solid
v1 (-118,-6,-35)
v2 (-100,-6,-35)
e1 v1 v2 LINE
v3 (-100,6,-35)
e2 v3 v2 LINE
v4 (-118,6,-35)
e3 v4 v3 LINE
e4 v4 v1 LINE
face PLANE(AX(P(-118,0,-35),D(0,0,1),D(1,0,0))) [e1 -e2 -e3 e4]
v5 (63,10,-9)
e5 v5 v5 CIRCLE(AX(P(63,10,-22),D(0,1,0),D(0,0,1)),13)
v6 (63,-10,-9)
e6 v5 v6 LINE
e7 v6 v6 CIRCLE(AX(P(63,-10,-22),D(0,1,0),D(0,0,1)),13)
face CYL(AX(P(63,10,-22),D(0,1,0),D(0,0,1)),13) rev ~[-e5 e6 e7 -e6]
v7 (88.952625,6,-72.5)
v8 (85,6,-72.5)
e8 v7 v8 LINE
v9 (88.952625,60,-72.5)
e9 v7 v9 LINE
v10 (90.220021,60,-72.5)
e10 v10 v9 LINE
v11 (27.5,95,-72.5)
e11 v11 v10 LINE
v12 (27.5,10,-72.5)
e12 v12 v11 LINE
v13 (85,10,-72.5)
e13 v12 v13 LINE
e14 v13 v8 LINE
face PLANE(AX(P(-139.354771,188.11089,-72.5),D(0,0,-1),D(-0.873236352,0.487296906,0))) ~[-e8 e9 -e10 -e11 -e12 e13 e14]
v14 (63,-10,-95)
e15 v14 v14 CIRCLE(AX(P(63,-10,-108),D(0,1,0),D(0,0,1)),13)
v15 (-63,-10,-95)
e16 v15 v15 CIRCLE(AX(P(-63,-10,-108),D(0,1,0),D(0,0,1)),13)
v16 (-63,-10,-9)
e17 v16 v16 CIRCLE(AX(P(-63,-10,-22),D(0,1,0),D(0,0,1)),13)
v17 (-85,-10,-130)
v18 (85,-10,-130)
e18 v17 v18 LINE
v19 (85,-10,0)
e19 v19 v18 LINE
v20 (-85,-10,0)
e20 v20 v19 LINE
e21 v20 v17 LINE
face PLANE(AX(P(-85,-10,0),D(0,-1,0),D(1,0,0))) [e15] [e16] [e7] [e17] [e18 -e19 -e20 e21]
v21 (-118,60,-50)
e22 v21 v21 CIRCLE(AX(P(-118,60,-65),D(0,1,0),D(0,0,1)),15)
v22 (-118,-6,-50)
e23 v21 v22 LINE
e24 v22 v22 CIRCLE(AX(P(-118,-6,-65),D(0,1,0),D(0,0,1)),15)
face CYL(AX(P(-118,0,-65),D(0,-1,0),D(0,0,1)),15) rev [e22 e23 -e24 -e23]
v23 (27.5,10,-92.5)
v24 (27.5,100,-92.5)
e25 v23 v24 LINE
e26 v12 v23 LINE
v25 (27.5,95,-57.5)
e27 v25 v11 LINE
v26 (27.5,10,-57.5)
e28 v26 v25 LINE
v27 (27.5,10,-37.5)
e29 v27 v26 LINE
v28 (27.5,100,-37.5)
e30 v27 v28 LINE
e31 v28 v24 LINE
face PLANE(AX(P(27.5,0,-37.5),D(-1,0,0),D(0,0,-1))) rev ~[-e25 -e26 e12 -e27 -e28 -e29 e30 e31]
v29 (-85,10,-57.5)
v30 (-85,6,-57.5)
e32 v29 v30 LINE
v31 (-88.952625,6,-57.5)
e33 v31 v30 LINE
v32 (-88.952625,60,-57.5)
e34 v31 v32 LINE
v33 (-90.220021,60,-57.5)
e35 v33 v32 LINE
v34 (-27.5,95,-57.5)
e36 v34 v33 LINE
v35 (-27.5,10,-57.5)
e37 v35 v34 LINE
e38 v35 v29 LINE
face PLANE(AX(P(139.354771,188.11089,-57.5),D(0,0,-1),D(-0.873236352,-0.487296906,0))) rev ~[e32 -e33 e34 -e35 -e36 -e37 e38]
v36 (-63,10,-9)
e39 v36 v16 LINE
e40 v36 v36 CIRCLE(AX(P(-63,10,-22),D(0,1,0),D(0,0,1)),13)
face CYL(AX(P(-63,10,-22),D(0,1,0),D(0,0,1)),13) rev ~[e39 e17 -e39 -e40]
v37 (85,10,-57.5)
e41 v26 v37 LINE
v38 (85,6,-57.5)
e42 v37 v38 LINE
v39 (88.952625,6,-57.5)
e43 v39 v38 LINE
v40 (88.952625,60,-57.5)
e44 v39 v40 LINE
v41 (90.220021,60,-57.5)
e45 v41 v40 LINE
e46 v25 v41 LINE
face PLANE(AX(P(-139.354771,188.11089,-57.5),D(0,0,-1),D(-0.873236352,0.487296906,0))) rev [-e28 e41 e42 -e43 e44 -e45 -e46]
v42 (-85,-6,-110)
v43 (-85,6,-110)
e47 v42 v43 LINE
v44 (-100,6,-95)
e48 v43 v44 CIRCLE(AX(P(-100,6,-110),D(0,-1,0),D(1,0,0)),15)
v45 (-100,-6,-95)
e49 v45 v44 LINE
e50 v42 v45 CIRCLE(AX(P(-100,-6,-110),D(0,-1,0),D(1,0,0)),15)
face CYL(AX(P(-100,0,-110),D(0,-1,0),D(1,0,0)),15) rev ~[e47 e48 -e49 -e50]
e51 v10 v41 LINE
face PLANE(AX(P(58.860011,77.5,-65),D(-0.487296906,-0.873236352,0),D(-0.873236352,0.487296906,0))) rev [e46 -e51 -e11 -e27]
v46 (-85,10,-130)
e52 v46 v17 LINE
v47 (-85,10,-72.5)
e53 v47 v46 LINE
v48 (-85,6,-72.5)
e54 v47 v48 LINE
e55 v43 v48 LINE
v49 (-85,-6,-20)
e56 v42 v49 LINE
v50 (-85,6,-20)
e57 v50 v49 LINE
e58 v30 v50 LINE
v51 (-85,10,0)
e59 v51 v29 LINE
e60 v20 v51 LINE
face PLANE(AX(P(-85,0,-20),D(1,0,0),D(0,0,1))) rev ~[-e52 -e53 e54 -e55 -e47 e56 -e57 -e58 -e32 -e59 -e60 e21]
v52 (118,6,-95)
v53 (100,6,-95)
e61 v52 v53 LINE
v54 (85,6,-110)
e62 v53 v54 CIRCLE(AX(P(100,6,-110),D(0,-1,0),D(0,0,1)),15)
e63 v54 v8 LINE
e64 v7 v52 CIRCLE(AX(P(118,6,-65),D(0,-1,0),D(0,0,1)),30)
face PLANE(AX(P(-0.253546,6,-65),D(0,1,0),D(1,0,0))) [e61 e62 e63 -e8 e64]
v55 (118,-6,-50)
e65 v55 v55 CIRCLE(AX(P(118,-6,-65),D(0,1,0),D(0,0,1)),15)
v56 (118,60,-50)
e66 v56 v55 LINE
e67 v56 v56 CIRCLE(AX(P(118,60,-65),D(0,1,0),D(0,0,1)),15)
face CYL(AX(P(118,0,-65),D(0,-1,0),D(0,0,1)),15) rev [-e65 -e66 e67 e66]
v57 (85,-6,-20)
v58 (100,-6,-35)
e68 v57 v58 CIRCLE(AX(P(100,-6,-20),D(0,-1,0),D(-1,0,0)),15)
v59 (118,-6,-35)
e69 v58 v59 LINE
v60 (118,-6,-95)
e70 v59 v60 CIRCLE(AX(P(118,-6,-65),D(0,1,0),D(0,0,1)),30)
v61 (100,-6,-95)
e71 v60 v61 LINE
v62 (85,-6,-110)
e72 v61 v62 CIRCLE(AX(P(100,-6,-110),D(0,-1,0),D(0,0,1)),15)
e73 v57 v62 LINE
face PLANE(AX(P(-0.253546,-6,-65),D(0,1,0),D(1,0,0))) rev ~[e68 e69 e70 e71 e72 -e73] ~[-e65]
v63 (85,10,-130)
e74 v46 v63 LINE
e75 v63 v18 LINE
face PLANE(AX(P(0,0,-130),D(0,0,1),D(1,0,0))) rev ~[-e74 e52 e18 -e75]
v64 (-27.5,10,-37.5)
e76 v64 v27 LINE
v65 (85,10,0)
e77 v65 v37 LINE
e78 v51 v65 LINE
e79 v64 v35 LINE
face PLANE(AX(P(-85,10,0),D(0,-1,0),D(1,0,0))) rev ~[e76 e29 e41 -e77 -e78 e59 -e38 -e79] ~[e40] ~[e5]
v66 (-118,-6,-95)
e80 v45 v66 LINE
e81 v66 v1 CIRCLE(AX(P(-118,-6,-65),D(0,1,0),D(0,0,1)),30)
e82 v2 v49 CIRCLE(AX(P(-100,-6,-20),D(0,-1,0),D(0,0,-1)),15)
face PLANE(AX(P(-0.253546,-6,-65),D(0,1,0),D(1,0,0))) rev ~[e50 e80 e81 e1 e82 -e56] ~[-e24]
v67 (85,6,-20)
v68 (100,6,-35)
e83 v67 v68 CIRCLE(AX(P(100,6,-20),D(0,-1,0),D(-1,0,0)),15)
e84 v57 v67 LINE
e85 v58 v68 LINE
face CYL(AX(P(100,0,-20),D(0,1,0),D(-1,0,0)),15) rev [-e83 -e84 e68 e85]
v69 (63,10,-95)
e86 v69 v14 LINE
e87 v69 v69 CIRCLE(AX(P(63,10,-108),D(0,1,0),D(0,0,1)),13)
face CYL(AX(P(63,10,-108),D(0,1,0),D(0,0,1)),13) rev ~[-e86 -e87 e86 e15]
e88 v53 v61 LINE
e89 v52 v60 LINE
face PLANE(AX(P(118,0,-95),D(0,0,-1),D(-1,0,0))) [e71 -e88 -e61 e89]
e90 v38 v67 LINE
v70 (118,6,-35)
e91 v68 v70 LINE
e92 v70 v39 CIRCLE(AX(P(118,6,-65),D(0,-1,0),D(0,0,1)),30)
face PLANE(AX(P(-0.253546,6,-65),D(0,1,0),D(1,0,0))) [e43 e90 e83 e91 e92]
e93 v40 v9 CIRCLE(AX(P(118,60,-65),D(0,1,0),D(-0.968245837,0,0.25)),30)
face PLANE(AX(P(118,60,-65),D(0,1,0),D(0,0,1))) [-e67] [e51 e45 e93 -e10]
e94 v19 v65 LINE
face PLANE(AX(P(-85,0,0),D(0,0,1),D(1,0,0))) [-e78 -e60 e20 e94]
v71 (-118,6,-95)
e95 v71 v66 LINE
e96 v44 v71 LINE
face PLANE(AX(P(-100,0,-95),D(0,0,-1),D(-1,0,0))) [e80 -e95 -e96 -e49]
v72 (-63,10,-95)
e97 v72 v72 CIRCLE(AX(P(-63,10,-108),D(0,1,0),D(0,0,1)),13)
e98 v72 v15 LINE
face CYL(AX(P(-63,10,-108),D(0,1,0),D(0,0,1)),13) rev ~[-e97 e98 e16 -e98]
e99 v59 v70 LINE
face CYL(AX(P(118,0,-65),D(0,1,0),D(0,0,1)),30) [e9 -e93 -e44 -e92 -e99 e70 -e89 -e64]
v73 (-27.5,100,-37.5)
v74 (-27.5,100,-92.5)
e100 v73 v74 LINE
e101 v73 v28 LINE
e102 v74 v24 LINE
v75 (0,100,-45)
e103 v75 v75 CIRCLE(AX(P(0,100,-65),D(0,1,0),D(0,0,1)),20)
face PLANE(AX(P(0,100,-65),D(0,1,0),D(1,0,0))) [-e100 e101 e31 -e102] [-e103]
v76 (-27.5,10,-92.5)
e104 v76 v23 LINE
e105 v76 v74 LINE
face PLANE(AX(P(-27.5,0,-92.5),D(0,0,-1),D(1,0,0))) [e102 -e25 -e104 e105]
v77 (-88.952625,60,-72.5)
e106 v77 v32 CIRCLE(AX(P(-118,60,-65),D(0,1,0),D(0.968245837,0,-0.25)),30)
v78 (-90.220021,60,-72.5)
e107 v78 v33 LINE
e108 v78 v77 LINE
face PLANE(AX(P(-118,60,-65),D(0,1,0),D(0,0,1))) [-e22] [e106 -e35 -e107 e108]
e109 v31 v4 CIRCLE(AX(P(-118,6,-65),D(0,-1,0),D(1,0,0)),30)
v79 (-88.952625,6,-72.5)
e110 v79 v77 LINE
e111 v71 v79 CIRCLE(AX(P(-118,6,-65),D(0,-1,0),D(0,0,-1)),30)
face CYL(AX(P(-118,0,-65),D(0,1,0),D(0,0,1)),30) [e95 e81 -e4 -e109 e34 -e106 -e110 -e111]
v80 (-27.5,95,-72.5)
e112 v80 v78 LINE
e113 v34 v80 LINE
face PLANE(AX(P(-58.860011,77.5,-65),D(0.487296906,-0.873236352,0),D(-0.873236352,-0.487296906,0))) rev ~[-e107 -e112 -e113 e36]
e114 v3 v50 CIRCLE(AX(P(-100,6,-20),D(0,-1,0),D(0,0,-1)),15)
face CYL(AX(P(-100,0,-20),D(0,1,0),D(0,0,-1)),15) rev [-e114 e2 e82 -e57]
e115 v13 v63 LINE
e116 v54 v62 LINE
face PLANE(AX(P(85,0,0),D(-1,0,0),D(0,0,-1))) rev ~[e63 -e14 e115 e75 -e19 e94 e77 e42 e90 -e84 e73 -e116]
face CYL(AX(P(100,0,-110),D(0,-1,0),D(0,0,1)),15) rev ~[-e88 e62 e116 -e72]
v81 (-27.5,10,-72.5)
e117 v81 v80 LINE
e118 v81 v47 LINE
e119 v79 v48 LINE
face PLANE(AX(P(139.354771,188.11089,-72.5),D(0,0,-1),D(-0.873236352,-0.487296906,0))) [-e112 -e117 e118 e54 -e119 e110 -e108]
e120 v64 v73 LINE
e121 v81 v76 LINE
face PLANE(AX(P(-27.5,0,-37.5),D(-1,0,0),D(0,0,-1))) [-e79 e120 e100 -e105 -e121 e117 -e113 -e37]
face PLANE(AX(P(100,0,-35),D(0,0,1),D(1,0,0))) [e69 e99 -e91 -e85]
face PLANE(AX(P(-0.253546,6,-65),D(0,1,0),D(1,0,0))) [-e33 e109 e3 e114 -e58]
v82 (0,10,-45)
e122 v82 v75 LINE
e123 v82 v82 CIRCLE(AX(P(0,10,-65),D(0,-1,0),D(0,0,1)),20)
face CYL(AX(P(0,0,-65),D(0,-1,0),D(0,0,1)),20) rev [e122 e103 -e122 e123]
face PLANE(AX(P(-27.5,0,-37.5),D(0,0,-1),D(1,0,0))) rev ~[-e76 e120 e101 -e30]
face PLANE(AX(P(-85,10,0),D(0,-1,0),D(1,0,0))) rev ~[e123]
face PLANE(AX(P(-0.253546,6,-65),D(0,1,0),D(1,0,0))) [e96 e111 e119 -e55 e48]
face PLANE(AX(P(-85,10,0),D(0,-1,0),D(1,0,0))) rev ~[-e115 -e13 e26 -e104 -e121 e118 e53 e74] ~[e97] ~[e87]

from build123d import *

# Parameters (mm, degrees)
SKETCH1_W                  = 170
SKETCH1_H                  = 20
BOSS_EXTRUDE1_DEPTH        = 130
BOSS_EXTRUDE3_DEPTH        = 60
BOSS_EXTRUDE3_DEPTH_BACK   = 6
SKETCH2_R                  = 30
SKETCH2_R_2                = 15
BOSS_EXTRUDE3_2_DEPTH      = 60
BOSS_EXTRUDE3_2_DEPTH_BACK = 6
BOSS_EXTRUDE4_DEPTH        = 6
BOSS_EXTRUDE4_DEPTH_BACK   = 6
SKETCH2_4_W                = 55
SKETCH2_4_H                = 55
SKETCH2_5_W                = 55
SKETCH2_5_H                = 55
SKETCH2_5_R                = 20
BOSS_EXTRUDE5_DEPTH        = 100
RIB10_REACH                = 192.076
SKETCH3_WALL_W             = 453.9773952
SKETCH3_WALL_H             = 15
SKETCH4_R                  = 13
CUT_EXTRUDE1_DEPTH         = 217.573313222


with BuildPart() as part:
    # Sketch1 → Boss-Extrude1 (new body)
    with BuildSketch(Plane.XY):
        Rectangle(SKETCH1_W, SKETCH1_H)
    extrude(amount=-BOSS_EXTRUDE1_DEPTH)



with BuildPart() as body_2:
    # Sketch2 → Boss-Extrude3 (new, two sides: drawn at the far end of the back side and taken through both)
    with BuildSketch(Plane(origin=(0, 0, 0), x_dir=(1, 0, 0), z_dir=(0, 1, 0)).offset(-BOSS_EXTRUDE3_DEPTH_BACK)):
        with Locations((-118, 65)):
            Circle(SKETCH2_R)
        with Locations((-118, 65)):
            Circle(SKETCH2_R_2, mode=Mode.SUBTRACT)
    extrude(amount=BOSS_EXTRUDE3_DEPTH + BOSS_EXTRUDE3_DEPTH_BACK)


with BuildPart() as body_3:
    # Sketch2 → Boss-Extrude3 2 (new, two sides: drawn at the far end of the back side and taken through both)
    with BuildSketch(Plane(origin=(0, 0, 0), x_dir=(1, 0, 0), z_dir=(0, 1, 0)).offset(-BOSS_EXTRUDE3_2_DEPTH_BACK)):
        with Locations((118, 65)):
            Circle(SKETCH2_R)
        with Locations((118, 65)):
            Circle(SKETCH2_R_2, mode=Mode.SUBTRACT)
    extrude(amount=BOSS_EXTRUDE3_2_DEPTH + BOSS_EXTRUDE3_2_DEPTH_BACK)


with BuildPart() as part_1:
    add(part.part)

    add(body_2.part)  # Boss-Extrude4 merges body 2

    add(body_3.part)  # Boss-Extrude4 merges body 3
    # Sketch2<4> → Boss-Extrude4 (add, two sides: drawn at the far end of the back side and taken through both)
    with BuildSketch(Plane(origin=(0, 0, 0), x_dir=(1, 0, 0), z_dir=(0, 1, 0)).offset(-BOSS_EXTRUDE4_DEPTH_BACK)):
        with BuildLine():
            Line((85, 130), (-85, 130))
            Line((-85, 130), (-85, 110))
            ThreePointArc((-85, 110), (-89.393398282, 99.393398282), (-100, 95))
            Line((-100, 95), (-118, 95))
            ThreePointArc((-118, 95), (-96.786796564, 86.213203436), (-88, 65))
            ThreePointArc((-88, 65), (-96.786796564, 43.786796564), (-118, 35))
            Line((-118, 35), (-100, 35))
            ThreePointArc((-100, 35), (-89.393398282, 30.606601718), (-85, 20))
            Line((-85, 20), (-85, 0))
            Line((-85, 0), (85, 0))
            Line((85, 0), (85, 20))
            ThreePointArc((85, 20), (89.393398282, 30.606601718), (100, 35))
            Line((100, 35), (118, 35))
            ThreePointArc((118, 35), (88, 65), (118, 95))
            Line((118, 95), (100, 95))
            ThreePointArc((100, 95), (89.393398282, 99.393398282), (85, 110))
            Line((85, 110), (85, 130))
        make_face()
        with Locations((0, 65)):
            Rectangle(SKETCH2_4_W, SKETCH2_4_H, mode=Mode.SUBTRACT)
    extrude(amount=BOSS_EXTRUDE4_DEPTH + BOSS_EXTRUDE4_DEPTH_BACK)

    # Sketch2<5> → Boss-Extrude5 (add)
    with BuildSketch(Plane(origin=(0, 0, 0), x_dir=(1, 0, 0), z_dir=(0, 1, 0))):
        with Locations((0, 65)):
            Rectangle(SKETCH2_5_W, SKETCH2_5_H)
        with Locations((0, 65)):
            Circle(SKETCH2_5_R, mode=Mode.SUBTRACT)
    extrude(amount=BOSS_EXTRUDE5_DEPTH)

    # Sketch3 wall → Rib10 (add, up to next)
    with BuildSketch(Plane(origin=(-58.860010645, 77.5, -65), x_dir=(-0.873236351537, -0.487296905752, 0), z_dir=(0.487296905752, -0.873236351537, 0)), mode=Mode.PRIVATE) as rib10_sk1:
        Rectangle(SKETCH3_WALL_W, SKETCH3_WALL_H)
    rib10_tool1 = extrude(rib10_sk1.sketch, amount=RIB10_REACH, mode=Mode.PRIVATE) - part_1.part
    rib10 = rib10_tool1.solids().sort_by_distance((-58.860010645, 77.5, -65))[0]
    add(rib10)

    # Mirror1: Rib10 across plane
    add(rib10.mirror(Plane(origin=(0, 0, 0), x_dir=(0, 0, 1), z_dir=(1, 0, 0))))

    # Sketch4 → Cut-Extrude1 (cut, through all)
    with BuildSketch(Plane(origin=(0, 10, 0), x_dir=(1, 0, 0), z_dir=(0, 1, 0))):
        with Locations((-63, 108)):
            Circle(SKETCH4_R)
        with Locations((63, 108)):
            Circle(SKETCH4_R)
        with Locations((-63, 22)):
            Circle(SKETCH4_R)
        with Locations((63, 22)):
            Circle(SKETCH4_R)
    extrude(amount=-CUT_EXTRUDE1_DEPTH, mode=Mode.SUBTRACT)


solid = part_1.part
